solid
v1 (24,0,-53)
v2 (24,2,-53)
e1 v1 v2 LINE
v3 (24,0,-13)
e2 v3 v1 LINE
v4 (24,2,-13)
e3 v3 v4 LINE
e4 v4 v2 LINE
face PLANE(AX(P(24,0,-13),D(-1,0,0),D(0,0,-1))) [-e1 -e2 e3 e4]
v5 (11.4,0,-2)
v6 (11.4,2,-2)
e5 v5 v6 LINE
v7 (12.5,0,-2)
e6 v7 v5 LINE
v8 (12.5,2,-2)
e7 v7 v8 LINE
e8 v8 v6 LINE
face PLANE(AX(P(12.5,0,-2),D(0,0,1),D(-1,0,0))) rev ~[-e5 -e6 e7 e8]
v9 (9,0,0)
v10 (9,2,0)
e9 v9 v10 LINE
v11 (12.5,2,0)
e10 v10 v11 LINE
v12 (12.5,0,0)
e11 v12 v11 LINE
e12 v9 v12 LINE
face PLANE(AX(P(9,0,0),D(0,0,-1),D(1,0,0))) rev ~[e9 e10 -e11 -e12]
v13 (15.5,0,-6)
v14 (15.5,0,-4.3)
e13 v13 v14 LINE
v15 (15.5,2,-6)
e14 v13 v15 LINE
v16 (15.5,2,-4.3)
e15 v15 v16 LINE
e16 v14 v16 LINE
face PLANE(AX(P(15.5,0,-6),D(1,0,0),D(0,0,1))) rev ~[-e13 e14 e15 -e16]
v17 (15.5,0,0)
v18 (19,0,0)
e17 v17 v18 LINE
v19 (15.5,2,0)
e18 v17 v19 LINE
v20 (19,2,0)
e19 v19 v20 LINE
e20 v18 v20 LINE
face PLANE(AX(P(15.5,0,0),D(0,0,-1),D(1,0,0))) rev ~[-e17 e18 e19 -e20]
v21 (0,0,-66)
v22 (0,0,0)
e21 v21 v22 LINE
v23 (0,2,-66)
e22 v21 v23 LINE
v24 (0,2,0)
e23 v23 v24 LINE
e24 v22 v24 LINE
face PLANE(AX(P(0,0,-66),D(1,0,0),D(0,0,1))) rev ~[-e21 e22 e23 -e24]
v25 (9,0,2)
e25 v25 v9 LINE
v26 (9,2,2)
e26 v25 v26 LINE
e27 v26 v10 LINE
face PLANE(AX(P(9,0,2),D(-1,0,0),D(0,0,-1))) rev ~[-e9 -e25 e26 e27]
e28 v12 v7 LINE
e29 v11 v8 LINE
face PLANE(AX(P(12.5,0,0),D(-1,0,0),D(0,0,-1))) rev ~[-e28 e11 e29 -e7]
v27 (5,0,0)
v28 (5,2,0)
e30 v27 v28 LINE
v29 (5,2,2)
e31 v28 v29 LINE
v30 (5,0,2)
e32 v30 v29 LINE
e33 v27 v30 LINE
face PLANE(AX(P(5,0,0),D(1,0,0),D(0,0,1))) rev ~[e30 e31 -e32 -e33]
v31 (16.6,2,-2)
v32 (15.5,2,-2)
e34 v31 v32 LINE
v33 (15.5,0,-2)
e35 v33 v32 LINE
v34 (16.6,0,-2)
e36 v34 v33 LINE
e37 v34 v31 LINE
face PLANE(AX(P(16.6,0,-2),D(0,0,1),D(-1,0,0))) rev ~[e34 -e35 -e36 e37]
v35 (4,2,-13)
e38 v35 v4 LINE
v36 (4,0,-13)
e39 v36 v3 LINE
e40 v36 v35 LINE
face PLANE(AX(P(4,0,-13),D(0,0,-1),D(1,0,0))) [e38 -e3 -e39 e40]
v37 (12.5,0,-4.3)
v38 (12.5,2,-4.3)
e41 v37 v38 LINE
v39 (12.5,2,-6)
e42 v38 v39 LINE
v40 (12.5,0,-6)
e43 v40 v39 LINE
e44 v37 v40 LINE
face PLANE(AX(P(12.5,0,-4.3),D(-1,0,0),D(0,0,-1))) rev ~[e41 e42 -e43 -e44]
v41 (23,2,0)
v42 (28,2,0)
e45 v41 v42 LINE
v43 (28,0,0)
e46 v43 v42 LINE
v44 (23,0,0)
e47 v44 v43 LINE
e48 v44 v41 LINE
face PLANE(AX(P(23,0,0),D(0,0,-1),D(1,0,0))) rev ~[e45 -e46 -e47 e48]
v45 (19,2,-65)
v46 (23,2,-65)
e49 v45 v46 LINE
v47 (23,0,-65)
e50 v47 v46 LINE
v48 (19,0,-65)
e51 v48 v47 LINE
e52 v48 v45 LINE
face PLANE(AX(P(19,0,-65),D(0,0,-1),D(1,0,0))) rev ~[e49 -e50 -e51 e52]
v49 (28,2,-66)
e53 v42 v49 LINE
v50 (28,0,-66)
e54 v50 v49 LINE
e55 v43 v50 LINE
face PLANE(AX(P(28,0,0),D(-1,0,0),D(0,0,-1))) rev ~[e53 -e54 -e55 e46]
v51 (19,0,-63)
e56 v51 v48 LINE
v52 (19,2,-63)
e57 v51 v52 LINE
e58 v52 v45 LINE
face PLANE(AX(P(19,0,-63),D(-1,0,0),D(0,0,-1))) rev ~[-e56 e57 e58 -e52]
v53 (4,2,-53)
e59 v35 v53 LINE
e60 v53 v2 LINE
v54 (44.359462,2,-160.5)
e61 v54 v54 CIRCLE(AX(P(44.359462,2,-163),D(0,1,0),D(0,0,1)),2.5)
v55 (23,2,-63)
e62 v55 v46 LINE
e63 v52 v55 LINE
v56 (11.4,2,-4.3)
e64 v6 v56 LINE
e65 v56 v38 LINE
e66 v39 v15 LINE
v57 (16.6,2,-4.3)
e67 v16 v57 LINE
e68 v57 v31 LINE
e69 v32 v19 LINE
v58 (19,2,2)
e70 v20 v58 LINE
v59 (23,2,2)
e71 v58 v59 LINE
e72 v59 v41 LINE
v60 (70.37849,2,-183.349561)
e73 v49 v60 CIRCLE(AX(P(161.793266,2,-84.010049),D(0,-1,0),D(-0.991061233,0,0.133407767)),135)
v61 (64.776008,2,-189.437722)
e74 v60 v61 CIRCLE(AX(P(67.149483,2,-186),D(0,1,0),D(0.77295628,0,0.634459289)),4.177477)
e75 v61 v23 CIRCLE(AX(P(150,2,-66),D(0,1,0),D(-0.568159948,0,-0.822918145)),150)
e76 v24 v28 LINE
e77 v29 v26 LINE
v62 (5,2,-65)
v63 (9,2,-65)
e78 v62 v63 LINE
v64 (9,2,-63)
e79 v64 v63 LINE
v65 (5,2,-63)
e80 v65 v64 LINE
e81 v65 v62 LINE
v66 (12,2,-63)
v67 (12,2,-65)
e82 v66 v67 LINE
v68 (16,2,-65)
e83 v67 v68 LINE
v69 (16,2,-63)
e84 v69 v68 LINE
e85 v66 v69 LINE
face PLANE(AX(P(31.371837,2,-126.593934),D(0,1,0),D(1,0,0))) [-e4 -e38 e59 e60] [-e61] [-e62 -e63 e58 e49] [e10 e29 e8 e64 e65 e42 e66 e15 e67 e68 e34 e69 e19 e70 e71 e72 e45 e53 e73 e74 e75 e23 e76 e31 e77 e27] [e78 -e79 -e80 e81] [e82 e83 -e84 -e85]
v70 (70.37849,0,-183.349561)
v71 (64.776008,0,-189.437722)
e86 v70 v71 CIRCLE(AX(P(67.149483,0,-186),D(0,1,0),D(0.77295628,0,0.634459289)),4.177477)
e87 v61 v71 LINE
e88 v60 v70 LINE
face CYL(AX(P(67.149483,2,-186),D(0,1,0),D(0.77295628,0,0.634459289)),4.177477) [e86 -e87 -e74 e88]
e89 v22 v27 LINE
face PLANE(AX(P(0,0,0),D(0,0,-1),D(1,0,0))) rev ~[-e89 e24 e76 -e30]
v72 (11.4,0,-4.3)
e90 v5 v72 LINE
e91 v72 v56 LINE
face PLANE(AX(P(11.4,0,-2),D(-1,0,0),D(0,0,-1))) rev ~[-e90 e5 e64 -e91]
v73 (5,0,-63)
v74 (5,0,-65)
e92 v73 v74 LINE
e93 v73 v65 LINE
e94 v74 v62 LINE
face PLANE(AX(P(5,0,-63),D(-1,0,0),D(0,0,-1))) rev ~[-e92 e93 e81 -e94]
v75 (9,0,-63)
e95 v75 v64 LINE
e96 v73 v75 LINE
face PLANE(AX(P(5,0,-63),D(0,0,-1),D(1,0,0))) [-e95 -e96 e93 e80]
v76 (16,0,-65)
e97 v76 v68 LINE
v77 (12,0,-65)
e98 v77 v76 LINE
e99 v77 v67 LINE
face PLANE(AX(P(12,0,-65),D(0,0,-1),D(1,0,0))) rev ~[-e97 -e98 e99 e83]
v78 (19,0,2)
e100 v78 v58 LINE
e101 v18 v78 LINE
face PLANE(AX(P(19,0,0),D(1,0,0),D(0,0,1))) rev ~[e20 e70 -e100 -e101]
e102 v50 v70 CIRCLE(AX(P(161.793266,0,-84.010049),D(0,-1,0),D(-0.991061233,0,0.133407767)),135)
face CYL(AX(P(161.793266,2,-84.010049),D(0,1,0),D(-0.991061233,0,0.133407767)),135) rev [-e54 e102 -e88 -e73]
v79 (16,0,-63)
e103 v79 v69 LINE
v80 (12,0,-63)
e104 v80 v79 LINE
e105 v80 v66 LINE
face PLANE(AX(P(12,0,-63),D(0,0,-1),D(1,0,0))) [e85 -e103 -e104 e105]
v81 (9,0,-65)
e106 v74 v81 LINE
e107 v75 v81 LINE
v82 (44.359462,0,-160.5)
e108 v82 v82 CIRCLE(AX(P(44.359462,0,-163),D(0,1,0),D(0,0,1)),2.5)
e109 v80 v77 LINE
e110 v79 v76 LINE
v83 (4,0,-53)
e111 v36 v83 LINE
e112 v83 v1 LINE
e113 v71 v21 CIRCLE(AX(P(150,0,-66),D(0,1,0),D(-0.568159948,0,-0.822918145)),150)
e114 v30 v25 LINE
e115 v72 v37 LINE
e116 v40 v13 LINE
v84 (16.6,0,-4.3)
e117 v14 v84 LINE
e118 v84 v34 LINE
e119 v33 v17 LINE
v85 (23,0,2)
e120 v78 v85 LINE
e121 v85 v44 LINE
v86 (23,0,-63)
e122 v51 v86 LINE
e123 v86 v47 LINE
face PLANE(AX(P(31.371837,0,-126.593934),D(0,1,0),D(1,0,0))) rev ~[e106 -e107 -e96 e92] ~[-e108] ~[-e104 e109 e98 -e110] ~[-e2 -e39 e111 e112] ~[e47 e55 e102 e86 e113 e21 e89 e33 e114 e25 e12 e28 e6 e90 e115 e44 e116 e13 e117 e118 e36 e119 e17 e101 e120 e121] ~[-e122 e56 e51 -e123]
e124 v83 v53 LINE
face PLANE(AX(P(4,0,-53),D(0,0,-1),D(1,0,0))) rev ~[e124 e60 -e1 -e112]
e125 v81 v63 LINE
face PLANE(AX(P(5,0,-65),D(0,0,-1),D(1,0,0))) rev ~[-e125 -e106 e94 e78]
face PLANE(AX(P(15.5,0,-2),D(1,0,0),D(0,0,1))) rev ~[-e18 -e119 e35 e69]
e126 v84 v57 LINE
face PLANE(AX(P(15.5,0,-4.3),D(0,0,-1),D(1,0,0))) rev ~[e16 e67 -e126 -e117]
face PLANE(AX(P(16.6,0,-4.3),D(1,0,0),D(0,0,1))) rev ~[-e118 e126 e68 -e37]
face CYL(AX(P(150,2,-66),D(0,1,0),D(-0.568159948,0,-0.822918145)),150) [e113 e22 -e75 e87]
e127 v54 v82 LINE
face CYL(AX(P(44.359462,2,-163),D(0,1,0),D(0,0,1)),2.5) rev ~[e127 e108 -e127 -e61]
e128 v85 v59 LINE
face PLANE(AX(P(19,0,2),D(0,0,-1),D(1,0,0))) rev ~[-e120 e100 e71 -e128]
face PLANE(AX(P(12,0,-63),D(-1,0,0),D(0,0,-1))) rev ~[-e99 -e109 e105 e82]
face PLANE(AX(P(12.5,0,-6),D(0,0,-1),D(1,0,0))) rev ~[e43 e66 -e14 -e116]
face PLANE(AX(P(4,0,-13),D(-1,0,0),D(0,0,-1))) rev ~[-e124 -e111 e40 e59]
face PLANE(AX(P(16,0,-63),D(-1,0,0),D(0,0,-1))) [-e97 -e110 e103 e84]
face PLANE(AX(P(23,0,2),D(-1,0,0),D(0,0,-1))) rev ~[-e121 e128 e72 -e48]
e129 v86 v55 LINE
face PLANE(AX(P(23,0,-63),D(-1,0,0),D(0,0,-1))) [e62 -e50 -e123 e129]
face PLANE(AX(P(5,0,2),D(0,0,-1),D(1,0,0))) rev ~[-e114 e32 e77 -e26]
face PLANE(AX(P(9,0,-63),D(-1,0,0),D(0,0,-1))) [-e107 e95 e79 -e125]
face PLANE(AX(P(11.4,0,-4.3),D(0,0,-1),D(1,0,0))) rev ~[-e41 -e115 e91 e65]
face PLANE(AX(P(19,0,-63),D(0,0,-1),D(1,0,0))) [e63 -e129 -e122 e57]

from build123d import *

# Parameters (mm, degrees)
SKETCH1_W           = 20
SKETCH1_H           = 40
SKETCH1_W_2         = 4
SKETCH1_H_2         = 2
BOSS_EXTRUDE1_DEPTH = 2
BOSS_EXTRUDE2_DEPTH = 2
SKETCH3_R           = 2.5
CUT_EXTRUDE1_DEPTH  = 2


with BuildPart() as part:
    # Sketch1 → Boss-Extrude1 (new body)
    with BuildSketch(Plane(origin=(0, 0, 0), x_dir=(1, 0, 0), z_dir=(0, 1, 0))):
        Polygon((0, 0), (5, 0), (5, -2), (9, -2), (9, 0), (12.5, 0), (12.5, 2), (11.4, 2), (11.4, 4.3), (12.5, 4.3), (12.5, 6), (15.5, 6), (15.5, 4.3), (16.6, 4.3), (16.6, 2), (15.5, 2), (15.5, 0), (19, 0), (19, -2), (23, -2), (23, 0), (28, 0), (28, 66), (0, 66), align=None)
        with Locations((14, 33)):
            Rectangle(SKETCH1_W, SKETCH1_H, mode=Mode.SUBTRACT)
        with Locations((7, 64)):
            Rectangle(SKETCH1_W_2, SKETCH1_H_2, mode=Mode.SUBTRACT)
        with Locations((21, 64)):
            Rectangle(SKETCH1_W_2, SKETCH1_H_2, mode=Mode.SUBTRACT)
        with Locations((14, 64)):
            Rectangle(SKETCH1_W_2, SKETCH1_H_2, mode=Mode.SUBTRACT)
    extrude(amount=BOSS_EXTRUDE1_DEPTH)

    # Sketch2 → Boss-Extrude2 (add)
    with BuildSketch(Plane(origin=(0, 2, 0), x_dir=(1, 0, 0), z_dir=(0, 1, 0))):
        with BuildLine():
            Line((0, 66), (28, 66))
            ThreePointArc((28, 66), (34.819271185, 129.864214399), (70.378490249, 183.349560802))
            ThreePointArc((70.378490249, 183.349560802), (70.223472253, 188.82876401), (64.776007814, 189.43772177))
            ThreePointArc((64.776007814, 189.43772177), (17.177564343, 135.700793296), (0, 66))
        make_face()
    extrude(amount=-BOSS_EXTRUDE2_DEPTH)

    # Sketch3 → Cut-Extrude1 (cut)
    with BuildSketch(Plane(origin=(0, 2, 0), x_dir=(1, 0, 0), z_dir=(0, 1, 0))):
        with Locations(Location((44.359461926, 163, 0), (0, 0, 270))):
            Circle(SKETCH3_R)
    extrude(amount=-CUT_EXTRUDE1_DEPTH, mode=Mode.SUBTRACT)


solid = part.part
